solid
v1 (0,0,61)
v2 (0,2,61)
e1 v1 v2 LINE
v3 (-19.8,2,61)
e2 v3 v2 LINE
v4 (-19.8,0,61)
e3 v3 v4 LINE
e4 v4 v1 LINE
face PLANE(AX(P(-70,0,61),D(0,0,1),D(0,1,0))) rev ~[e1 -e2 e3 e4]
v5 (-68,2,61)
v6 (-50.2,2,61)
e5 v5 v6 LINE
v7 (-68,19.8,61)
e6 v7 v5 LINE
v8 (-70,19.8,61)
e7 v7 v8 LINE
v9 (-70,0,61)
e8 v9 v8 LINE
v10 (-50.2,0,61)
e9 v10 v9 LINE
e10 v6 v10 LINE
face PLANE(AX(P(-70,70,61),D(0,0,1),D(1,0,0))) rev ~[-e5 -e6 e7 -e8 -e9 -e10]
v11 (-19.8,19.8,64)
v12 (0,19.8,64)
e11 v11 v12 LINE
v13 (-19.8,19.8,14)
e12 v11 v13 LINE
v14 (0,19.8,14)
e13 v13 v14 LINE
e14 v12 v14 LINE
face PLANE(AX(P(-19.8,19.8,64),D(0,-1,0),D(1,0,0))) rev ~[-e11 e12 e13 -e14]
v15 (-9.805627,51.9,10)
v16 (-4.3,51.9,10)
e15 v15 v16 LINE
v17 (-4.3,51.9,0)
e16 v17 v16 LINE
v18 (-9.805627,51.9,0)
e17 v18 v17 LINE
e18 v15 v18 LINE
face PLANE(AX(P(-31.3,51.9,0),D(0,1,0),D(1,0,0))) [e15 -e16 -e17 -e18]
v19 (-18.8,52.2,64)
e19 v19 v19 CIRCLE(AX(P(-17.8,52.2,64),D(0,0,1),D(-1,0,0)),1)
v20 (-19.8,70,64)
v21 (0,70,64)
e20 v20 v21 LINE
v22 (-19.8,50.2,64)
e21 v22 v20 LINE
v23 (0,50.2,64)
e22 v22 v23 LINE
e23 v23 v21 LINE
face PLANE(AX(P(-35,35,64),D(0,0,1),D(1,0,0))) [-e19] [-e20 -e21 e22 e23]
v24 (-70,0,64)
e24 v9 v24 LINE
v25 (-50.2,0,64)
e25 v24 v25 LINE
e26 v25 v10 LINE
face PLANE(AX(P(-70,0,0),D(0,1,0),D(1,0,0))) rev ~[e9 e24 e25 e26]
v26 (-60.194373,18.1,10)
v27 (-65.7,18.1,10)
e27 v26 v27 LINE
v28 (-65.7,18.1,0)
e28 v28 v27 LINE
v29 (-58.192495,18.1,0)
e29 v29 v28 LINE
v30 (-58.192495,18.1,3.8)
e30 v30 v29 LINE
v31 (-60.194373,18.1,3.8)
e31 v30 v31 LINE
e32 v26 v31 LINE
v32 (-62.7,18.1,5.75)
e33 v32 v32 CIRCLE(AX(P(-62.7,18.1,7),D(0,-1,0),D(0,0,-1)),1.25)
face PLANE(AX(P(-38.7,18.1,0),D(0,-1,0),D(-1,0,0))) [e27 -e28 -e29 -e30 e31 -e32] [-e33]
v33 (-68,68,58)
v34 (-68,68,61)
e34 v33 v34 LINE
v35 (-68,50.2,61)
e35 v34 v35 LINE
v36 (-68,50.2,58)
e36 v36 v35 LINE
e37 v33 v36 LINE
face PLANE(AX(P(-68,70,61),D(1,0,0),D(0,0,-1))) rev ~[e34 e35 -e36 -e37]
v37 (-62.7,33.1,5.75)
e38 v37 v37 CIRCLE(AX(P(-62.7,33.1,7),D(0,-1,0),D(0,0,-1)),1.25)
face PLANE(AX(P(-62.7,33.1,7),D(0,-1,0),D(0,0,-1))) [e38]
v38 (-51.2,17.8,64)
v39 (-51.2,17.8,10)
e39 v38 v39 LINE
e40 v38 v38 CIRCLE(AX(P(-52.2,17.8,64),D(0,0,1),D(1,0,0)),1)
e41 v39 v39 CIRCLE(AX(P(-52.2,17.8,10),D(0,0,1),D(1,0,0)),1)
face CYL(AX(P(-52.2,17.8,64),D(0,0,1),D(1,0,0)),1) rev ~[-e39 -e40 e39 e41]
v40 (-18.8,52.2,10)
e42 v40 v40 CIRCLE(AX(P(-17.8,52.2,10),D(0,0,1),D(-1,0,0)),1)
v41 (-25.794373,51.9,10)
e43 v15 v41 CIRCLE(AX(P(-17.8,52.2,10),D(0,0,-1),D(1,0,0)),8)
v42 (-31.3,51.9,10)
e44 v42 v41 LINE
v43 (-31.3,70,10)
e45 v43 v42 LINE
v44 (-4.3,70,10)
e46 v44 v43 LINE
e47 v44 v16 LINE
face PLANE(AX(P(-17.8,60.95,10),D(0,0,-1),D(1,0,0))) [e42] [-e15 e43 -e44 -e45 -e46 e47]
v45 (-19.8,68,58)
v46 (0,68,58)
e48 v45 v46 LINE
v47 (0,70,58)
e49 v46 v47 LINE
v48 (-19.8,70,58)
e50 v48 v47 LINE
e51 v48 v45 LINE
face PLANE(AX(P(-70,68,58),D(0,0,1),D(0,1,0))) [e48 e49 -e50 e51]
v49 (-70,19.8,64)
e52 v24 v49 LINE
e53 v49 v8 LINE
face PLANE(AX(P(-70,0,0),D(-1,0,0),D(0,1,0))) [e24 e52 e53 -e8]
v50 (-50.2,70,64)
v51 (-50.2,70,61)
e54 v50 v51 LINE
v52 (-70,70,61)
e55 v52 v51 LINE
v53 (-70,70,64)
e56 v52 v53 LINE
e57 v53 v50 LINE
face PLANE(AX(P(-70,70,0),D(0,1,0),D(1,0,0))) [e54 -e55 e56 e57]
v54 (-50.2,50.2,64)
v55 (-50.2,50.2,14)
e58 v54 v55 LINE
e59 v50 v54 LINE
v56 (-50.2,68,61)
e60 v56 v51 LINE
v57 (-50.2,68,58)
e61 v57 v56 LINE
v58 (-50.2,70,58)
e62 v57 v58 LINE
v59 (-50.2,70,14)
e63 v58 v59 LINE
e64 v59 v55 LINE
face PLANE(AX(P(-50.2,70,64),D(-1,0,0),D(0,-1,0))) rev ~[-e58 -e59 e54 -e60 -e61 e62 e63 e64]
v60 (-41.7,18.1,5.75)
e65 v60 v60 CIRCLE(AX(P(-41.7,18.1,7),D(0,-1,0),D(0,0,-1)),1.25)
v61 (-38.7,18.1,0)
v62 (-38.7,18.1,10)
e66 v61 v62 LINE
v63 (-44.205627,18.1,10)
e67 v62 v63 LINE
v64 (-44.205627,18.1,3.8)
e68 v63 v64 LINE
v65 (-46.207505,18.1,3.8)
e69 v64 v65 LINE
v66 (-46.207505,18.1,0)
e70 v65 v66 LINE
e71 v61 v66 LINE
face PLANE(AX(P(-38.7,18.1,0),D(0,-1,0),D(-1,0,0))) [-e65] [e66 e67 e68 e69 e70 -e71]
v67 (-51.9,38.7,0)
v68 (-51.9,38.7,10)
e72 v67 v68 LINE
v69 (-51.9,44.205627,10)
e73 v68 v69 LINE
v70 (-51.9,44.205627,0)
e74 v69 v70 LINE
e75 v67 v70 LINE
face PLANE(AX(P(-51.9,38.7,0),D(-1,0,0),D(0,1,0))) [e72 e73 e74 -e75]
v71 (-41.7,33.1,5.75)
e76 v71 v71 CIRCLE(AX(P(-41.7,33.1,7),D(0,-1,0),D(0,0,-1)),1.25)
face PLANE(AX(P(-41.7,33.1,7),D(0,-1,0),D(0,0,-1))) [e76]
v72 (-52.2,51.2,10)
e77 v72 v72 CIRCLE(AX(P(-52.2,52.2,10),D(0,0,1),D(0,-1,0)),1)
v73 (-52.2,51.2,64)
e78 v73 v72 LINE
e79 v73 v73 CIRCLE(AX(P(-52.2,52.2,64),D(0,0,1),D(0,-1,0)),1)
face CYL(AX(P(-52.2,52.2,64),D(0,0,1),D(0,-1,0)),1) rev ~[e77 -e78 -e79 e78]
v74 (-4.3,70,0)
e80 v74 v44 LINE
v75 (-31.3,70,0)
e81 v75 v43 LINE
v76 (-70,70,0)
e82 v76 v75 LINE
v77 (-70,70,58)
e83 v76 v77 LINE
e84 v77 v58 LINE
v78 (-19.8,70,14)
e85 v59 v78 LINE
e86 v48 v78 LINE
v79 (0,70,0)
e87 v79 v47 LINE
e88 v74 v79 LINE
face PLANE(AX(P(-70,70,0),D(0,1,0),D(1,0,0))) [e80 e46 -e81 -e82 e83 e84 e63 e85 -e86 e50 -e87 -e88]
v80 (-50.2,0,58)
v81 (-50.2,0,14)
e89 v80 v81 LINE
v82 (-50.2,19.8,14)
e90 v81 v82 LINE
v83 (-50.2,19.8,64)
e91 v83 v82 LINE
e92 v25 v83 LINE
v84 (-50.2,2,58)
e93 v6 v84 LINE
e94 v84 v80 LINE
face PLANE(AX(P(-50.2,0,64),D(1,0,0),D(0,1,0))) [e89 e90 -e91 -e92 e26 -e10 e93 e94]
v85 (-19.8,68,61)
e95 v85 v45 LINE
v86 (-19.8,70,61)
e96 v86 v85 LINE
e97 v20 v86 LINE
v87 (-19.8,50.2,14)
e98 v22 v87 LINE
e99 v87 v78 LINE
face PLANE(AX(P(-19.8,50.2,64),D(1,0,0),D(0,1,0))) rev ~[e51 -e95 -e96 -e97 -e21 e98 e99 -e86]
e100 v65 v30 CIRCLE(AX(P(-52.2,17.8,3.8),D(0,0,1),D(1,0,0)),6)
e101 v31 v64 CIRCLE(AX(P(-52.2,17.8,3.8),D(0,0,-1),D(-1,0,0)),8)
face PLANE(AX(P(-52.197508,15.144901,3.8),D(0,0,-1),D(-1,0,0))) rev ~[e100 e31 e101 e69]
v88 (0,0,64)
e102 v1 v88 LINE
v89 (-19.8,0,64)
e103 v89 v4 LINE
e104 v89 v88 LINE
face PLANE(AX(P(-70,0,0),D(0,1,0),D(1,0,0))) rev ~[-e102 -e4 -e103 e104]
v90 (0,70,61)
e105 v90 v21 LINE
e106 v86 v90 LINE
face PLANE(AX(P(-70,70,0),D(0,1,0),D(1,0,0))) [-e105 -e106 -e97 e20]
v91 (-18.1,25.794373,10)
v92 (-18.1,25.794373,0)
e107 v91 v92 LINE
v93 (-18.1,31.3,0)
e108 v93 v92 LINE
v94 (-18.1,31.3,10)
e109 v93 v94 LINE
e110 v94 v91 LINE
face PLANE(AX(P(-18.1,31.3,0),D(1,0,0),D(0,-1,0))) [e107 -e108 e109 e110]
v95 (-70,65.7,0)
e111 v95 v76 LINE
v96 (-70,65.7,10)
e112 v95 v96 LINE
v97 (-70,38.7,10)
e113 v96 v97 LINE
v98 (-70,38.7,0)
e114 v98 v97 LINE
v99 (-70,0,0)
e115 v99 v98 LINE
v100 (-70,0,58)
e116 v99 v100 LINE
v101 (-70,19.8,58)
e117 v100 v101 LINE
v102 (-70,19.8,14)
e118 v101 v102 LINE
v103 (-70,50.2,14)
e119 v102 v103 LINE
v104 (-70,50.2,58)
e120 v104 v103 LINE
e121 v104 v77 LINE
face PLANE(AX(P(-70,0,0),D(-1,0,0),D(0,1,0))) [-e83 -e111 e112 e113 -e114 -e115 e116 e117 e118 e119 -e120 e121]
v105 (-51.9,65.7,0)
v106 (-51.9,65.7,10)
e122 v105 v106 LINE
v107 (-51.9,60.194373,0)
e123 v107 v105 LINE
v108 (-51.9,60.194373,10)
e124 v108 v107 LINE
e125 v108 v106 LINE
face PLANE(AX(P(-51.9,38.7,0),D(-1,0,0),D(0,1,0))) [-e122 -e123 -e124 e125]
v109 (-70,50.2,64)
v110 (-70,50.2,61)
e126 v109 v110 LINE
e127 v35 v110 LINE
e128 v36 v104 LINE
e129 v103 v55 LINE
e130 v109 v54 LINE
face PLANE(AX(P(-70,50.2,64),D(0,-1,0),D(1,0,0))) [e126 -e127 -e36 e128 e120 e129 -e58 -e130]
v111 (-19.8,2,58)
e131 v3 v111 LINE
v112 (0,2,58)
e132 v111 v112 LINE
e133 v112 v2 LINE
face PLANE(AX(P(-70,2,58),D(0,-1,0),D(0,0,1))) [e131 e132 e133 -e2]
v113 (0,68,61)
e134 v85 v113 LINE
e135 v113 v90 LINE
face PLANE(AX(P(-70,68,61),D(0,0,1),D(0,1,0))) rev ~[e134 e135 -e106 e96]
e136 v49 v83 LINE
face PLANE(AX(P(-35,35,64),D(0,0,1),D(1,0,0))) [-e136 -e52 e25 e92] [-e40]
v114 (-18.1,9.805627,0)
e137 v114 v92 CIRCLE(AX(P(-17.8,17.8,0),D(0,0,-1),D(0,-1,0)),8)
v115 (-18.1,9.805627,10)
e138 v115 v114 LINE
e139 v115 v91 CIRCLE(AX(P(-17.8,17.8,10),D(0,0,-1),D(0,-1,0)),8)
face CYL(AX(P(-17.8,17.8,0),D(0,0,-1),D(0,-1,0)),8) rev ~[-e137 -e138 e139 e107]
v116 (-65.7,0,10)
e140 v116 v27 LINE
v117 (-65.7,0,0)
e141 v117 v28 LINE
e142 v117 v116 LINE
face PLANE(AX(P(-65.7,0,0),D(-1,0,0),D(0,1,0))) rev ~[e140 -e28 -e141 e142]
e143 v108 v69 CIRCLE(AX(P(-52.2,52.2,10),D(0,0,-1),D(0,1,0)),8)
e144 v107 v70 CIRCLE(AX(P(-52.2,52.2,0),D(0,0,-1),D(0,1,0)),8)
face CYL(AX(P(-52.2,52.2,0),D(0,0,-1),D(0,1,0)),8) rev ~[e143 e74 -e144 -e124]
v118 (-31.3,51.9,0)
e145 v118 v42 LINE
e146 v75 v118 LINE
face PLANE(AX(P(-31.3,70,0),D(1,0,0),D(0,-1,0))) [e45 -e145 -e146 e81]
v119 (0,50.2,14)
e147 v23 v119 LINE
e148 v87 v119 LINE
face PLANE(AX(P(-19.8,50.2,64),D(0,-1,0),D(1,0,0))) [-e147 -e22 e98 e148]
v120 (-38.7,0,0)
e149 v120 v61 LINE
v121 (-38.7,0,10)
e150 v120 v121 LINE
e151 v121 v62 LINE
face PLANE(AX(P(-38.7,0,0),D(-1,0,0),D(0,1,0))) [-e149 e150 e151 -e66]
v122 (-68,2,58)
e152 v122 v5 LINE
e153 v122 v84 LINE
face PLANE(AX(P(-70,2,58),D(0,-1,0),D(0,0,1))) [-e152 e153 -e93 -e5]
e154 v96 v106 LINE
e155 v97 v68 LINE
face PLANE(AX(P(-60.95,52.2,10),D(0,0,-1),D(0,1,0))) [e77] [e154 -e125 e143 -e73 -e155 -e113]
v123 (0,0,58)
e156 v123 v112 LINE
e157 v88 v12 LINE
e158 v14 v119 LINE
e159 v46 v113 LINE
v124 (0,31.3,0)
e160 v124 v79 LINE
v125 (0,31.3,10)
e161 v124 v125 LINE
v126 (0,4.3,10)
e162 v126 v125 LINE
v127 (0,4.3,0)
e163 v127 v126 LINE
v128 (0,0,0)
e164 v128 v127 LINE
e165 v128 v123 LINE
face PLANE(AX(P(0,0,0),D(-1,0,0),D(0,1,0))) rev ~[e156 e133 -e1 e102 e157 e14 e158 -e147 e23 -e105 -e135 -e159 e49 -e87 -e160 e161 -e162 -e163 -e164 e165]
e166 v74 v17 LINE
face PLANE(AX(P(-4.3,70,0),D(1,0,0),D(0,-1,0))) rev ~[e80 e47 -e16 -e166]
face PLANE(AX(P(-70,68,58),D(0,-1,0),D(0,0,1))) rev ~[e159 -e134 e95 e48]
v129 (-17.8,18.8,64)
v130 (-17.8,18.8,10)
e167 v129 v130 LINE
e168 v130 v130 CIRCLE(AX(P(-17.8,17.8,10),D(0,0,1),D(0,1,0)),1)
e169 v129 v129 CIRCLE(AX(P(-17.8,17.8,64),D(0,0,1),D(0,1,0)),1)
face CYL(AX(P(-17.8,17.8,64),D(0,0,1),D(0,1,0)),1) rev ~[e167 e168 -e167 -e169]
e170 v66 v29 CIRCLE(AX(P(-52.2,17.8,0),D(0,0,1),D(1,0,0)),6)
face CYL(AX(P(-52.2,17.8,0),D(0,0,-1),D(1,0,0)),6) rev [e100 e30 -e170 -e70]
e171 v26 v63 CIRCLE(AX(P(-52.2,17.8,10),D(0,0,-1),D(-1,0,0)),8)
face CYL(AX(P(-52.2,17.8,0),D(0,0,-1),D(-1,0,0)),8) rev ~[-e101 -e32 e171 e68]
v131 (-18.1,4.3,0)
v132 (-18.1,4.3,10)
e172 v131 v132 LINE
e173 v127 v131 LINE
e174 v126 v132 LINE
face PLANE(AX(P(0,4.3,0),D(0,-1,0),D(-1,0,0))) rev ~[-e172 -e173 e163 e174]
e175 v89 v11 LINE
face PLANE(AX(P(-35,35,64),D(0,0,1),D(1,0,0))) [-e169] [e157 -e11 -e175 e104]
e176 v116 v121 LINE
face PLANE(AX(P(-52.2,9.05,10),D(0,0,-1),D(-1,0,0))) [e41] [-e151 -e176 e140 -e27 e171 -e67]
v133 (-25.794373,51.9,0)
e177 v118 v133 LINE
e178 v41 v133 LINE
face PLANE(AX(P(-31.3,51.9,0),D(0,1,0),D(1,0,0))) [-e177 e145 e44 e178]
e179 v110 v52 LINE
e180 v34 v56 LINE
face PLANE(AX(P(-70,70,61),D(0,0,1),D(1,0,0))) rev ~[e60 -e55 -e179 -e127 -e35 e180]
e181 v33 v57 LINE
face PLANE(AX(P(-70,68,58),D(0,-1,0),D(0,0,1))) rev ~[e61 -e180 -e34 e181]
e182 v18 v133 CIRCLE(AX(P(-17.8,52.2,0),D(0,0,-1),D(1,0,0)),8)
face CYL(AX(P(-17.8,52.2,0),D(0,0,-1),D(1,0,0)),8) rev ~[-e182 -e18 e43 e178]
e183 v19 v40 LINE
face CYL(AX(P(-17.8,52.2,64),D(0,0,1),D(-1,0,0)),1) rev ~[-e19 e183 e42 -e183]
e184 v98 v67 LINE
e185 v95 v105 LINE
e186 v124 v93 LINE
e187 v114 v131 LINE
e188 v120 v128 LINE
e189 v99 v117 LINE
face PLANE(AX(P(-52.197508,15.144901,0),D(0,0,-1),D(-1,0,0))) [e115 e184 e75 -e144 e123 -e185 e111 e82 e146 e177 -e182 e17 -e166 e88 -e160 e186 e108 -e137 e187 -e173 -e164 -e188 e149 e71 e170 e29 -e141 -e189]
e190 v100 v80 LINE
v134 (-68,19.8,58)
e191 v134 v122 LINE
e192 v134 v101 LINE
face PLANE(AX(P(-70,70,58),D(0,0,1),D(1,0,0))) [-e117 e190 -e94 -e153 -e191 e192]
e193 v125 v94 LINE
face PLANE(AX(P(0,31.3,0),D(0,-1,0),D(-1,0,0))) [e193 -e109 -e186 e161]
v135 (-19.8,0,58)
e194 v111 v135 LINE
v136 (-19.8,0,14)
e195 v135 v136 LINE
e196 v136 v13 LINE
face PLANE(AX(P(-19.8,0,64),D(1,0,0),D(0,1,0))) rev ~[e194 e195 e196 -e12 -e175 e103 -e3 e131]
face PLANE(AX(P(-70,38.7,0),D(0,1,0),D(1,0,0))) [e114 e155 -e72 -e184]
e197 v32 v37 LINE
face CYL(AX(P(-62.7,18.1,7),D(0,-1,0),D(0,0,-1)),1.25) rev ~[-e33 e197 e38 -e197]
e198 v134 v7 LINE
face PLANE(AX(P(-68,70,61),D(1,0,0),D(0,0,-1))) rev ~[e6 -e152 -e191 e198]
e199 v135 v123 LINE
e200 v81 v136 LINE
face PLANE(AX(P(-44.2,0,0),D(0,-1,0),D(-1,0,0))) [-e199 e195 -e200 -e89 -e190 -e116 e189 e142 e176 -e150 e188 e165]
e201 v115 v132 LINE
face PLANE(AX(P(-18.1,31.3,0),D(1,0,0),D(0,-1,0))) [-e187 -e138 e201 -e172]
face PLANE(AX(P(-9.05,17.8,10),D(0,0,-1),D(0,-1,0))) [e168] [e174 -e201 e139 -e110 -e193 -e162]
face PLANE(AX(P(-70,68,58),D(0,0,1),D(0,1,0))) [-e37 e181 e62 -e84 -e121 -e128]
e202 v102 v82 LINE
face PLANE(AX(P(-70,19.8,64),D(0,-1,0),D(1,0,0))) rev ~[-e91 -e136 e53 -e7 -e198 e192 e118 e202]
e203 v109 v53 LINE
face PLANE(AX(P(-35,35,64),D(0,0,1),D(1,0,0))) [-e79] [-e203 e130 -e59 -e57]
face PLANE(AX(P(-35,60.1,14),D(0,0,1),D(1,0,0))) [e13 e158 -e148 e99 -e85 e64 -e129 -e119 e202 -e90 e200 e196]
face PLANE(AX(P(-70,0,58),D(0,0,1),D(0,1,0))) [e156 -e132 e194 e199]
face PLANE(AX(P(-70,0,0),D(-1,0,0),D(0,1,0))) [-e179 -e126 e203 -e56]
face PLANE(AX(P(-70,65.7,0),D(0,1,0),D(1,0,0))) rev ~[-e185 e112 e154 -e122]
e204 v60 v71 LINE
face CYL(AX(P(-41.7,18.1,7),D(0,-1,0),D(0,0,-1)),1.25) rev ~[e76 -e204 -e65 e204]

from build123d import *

# Parameters (mm, degrees)
ESQUISSE1_W                  = 70
ESQUISSE1_H                  = 70
BOSS_EXTRU_1_DEPTH           = 64
ESQUISSE2_W                  = 30.4
ESQUISSE2_H                  = 19.8
ESQUISSE2_H_2                = 30.4
ESQUISSE2_W_2                = 19.8
ENL_V_MAT_EXTRU_1_DEPTH      = 50
ESQUISSE5_W                  = 3
ESQUISSE5_H                  = 2
ENL_V_MAT_EXTRU_3_DEPTH      = 71
ESQUISSE6_W                  = 2
ESQUISSE6_H                  = 3
ENL_V_MAT_EXTRU_4_DEPTH      = 71
ESQUISSE7_R                  = 1
ENL_V_MAT_EXTRU_5_DEPTH      = 65
ENL_V_MAT_EXTRU_7_DEPTH      = 10
BOSS_EXTRU_2_DEPTH           = 3.8
ESQUISSE10_W                 = 27
ESQUISSE10_H                 = 18.1
ENL_V_MAT_EXTRU_8_DEPTH      = 10
ESQUISSE11_R                 = 1.25
ENL_V_MAT_EXTRU_9_DEPTH      = 15
R_P_TITION_CIRCULAIRE1_COUNT = 4


with BuildPart() as part:
    # Esquisse1 → Boss.-Extru.1 (new body)
    with BuildSketch(Plane.XY):
        with Locations((-35, 35)):
            Rectangle(ESQUISSE1_W, ESQUISSE1_H)
    extrude(amount=BOSS_EXTRU_1_DEPTH)

    # Esquisse2 → Enlèv. mat.-Extru.1 (cut)
    with BuildSketch(Plane.XY.offset(64)):
        with Locations((-35, 60.1)):
            Rectangle(ESQUISSE2_W, ESQUISSE2_H)
        with Locations((-35, 35)):
            Rectangle(ESQUISSE2_W, ESQUISSE2_H_2)
        with Locations((-9.9, 35)):
            Rectangle(ESQUISSE2_W_2, ESQUISSE2_H_2)
        with Locations((-60.1, 35)):
            Rectangle(ESQUISSE2_W_2, ESQUISSE2_H_2)
        with Locations((-35, 9.9)):
            Rectangle(ESQUISSE2_W, ESQUISSE2_H)
    extrude(amount=-ENL_V_MAT_EXTRU_1_DEPTH, mode=Mode.SUBTRACT)

    # Esquisse5 → Enlèv. mat.-Extru.3 (cut, through all)
    with BuildSketch(Plane.ZY.offset(70)):
        with Locations((59.5, 69)):
            Rectangle(ESQUISSE5_W, ESQUISSE5_H)
        with Locations((59.5, 1)):
            Rectangle(ESQUISSE5_W, ESQUISSE5_H)
    extrude(amount=-ENL_V_MAT_EXTRU_3_DEPTH, mode=Mode.SUBTRACT)

    # Esquisse6 → Enlèv. mat.-Extru.4 (cut, through all)
    with BuildSketch(Plane(origin=(0, 70, 0), x_dir=(1, 0, 0), z_dir=(0, 1, 0))):
        with Locations((-69, -59.5)):
            Rectangle(ESQUISSE6_W, ESQUISSE6_H)
    extrude(amount=-ENL_V_MAT_EXTRU_4_DEPTH, mode=Mode.SUBTRACT)

    # Esquisse7 → Enlèv. mat.-Extru.5 (cut, through all)
    with BuildSketch(Plane.XY.offset(64)):
        with Locations((-52.2, 17.8)):
            Circle(ESQUISSE7_R)
    enl_v_mat_extru_5 = extrude(amount=-ENL_V_MAT_EXTRU_5_DEPTH, mode=Mode.SUBTRACT)

    # Esquisse8 → Enlèv. mat.-Extru.7 (cut)
    with BuildSketch(Plane(origin=(0, 0, 0), x_dir=(-1, 0, 0), z_dir=(0, 0, -1))):
        with BuildLine():
            Line((60.2, 0), (60.2, 17.8))
            ThreePointArc((60.2, 17.8), (52.2, 9.8), (44.2, 17.8))
            Line((44.2, 17.8), (44.2, 0))
            Line((44.2, 0), (60.2, 0))
        make_face()
        with BuildLine():
            ThreePointArc((44.2, 17.8), (52.2, 9.8), (60.2, 17.8))
            Line((60.2, 17.8), (53.2, 17.8))
            ThreePointArc((53.2, 17.8), (52.2, 16.8), (51.2, 17.8))
            Line((51.2, 17.8), (44.2, 17.8))
        make_face()
        with BuildLine():
            Line((53.2, 17.8), (60.2, 17.8))
            ThreePointArc((60.2, 17.8), (52.2, 25.8), (44.2, 17.8))
            Line((44.2, 17.8), (51.2, 17.8))
            ThreePointArc((51.2, 17.8), (52.2, 18.8), (53.2, 17.8))
        make_face()
    enl_v_mat_extru_7 = extrude(amount=-ENL_V_MAT_EXTRU_7_DEPTH, mode=Mode.SUBTRACT)

    # Esquisse9 → Boss.-Extru.2 (add)
    with BuildSketch(Plane(origin=(0, 0, 0), x_dir=(-1, 0, 0), z_dir=(0, 0, -1))):
        with BuildLine():
            Line((46.2, 0), (46.2, 17.8))
            ThreePointArc((46.2, 17.8), (52.2, 23.8), (58.2, 17.8))
            Line((58.2, 17.8), (58.2, 0))
            Line((58.2, 0), (60.2, 0))
            Line((60.2, 0), (60.2, 17.8))
            Line((60.2, 17.8), (60.175717696, 28.742363645))
            Line((60.175717696, 28.742363645), (44.2, 28.742363645))
            Line((44.2, 28.742363645), (44.2, 0))
            Line((44.2, 0), (46.2, 0))
        make_face()
    extrude(amount=-BOSS_EXTRU_2_DEPTH)

    # Esquisse10 → Enlèv. mat.-Extru.8 (cut)
    with BuildSketch(Plane(origin=(0, 0, 0), x_dir=(-1, 0, 0), z_dir=(0, 0, -1))):
        with Locations((52.2, 9.05)):
            Rectangle(ESQUISSE10_W, ESQUISSE10_H)
    enl_v_mat_extru_8 = extrude(amount=-ENL_V_MAT_EXTRU_8_DEPTH, mode=Mode.SUBTRACT)

    # Esquisse11 → Enlèv. mat.-Extru.9 (cut)
    with BuildSketch(Plane.XZ.offset(-18.1)):
        with Locations(Location((-41.7, 7, 0), (0, 0, 270))):  # turned: the seam where the file's is
            Circle(ESQUISSE11_R)
        with Locations(Location((-62.7, 7, 0), (0, 0, 270))):  # turned: the seam where the file's is
            Circle(ESQUISSE11_R)
    extrude(amount=-ENL_V_MAT_EXTRU_9_DEPTH, mode=Mode.SUBTRACT)

    # Répétition circulaire1: Enlèv. mat.-Extru.5, Enlèv. mat.-Extru.7, Enlèv. mat.-Extru.8 ×4 about axis
    r_p_tition_circulaire1_axis = Axis((-35, 35, 0), (0, 0, 1))
    add([enl_v_mat_extru_5.rotate(r_p_tition_circulaire1_axis, i * 360 / R_P_TITION_CIRCULAIRE1_COUNT) for i in range(1, R_P_TITION_CIRCULAIRE1_COUNT)], mode=Mode.SUBTRACT)
    add([enl_v_mat_extru_7.rotate(r_p_tition_circulaire1_axis, i * 360 / R_P_TITION_CIRCULAIRE1_COUNT) for i in range(1, R_P_TITION_CIRCULAIRE1_COUNT)], mode=Mode.SUBTRACT)
    add([enl_v_mat_extru_8.rotate(r_p_tition_circulaire1_axis, i * 360 / R_P_TITION_CIRCULAIRE1_COUNT) for i in range(1, R_P_TITION_CIRCULAIRE1_COUNT)], mode=Mode.SUBTRACT)


solid = part.part
